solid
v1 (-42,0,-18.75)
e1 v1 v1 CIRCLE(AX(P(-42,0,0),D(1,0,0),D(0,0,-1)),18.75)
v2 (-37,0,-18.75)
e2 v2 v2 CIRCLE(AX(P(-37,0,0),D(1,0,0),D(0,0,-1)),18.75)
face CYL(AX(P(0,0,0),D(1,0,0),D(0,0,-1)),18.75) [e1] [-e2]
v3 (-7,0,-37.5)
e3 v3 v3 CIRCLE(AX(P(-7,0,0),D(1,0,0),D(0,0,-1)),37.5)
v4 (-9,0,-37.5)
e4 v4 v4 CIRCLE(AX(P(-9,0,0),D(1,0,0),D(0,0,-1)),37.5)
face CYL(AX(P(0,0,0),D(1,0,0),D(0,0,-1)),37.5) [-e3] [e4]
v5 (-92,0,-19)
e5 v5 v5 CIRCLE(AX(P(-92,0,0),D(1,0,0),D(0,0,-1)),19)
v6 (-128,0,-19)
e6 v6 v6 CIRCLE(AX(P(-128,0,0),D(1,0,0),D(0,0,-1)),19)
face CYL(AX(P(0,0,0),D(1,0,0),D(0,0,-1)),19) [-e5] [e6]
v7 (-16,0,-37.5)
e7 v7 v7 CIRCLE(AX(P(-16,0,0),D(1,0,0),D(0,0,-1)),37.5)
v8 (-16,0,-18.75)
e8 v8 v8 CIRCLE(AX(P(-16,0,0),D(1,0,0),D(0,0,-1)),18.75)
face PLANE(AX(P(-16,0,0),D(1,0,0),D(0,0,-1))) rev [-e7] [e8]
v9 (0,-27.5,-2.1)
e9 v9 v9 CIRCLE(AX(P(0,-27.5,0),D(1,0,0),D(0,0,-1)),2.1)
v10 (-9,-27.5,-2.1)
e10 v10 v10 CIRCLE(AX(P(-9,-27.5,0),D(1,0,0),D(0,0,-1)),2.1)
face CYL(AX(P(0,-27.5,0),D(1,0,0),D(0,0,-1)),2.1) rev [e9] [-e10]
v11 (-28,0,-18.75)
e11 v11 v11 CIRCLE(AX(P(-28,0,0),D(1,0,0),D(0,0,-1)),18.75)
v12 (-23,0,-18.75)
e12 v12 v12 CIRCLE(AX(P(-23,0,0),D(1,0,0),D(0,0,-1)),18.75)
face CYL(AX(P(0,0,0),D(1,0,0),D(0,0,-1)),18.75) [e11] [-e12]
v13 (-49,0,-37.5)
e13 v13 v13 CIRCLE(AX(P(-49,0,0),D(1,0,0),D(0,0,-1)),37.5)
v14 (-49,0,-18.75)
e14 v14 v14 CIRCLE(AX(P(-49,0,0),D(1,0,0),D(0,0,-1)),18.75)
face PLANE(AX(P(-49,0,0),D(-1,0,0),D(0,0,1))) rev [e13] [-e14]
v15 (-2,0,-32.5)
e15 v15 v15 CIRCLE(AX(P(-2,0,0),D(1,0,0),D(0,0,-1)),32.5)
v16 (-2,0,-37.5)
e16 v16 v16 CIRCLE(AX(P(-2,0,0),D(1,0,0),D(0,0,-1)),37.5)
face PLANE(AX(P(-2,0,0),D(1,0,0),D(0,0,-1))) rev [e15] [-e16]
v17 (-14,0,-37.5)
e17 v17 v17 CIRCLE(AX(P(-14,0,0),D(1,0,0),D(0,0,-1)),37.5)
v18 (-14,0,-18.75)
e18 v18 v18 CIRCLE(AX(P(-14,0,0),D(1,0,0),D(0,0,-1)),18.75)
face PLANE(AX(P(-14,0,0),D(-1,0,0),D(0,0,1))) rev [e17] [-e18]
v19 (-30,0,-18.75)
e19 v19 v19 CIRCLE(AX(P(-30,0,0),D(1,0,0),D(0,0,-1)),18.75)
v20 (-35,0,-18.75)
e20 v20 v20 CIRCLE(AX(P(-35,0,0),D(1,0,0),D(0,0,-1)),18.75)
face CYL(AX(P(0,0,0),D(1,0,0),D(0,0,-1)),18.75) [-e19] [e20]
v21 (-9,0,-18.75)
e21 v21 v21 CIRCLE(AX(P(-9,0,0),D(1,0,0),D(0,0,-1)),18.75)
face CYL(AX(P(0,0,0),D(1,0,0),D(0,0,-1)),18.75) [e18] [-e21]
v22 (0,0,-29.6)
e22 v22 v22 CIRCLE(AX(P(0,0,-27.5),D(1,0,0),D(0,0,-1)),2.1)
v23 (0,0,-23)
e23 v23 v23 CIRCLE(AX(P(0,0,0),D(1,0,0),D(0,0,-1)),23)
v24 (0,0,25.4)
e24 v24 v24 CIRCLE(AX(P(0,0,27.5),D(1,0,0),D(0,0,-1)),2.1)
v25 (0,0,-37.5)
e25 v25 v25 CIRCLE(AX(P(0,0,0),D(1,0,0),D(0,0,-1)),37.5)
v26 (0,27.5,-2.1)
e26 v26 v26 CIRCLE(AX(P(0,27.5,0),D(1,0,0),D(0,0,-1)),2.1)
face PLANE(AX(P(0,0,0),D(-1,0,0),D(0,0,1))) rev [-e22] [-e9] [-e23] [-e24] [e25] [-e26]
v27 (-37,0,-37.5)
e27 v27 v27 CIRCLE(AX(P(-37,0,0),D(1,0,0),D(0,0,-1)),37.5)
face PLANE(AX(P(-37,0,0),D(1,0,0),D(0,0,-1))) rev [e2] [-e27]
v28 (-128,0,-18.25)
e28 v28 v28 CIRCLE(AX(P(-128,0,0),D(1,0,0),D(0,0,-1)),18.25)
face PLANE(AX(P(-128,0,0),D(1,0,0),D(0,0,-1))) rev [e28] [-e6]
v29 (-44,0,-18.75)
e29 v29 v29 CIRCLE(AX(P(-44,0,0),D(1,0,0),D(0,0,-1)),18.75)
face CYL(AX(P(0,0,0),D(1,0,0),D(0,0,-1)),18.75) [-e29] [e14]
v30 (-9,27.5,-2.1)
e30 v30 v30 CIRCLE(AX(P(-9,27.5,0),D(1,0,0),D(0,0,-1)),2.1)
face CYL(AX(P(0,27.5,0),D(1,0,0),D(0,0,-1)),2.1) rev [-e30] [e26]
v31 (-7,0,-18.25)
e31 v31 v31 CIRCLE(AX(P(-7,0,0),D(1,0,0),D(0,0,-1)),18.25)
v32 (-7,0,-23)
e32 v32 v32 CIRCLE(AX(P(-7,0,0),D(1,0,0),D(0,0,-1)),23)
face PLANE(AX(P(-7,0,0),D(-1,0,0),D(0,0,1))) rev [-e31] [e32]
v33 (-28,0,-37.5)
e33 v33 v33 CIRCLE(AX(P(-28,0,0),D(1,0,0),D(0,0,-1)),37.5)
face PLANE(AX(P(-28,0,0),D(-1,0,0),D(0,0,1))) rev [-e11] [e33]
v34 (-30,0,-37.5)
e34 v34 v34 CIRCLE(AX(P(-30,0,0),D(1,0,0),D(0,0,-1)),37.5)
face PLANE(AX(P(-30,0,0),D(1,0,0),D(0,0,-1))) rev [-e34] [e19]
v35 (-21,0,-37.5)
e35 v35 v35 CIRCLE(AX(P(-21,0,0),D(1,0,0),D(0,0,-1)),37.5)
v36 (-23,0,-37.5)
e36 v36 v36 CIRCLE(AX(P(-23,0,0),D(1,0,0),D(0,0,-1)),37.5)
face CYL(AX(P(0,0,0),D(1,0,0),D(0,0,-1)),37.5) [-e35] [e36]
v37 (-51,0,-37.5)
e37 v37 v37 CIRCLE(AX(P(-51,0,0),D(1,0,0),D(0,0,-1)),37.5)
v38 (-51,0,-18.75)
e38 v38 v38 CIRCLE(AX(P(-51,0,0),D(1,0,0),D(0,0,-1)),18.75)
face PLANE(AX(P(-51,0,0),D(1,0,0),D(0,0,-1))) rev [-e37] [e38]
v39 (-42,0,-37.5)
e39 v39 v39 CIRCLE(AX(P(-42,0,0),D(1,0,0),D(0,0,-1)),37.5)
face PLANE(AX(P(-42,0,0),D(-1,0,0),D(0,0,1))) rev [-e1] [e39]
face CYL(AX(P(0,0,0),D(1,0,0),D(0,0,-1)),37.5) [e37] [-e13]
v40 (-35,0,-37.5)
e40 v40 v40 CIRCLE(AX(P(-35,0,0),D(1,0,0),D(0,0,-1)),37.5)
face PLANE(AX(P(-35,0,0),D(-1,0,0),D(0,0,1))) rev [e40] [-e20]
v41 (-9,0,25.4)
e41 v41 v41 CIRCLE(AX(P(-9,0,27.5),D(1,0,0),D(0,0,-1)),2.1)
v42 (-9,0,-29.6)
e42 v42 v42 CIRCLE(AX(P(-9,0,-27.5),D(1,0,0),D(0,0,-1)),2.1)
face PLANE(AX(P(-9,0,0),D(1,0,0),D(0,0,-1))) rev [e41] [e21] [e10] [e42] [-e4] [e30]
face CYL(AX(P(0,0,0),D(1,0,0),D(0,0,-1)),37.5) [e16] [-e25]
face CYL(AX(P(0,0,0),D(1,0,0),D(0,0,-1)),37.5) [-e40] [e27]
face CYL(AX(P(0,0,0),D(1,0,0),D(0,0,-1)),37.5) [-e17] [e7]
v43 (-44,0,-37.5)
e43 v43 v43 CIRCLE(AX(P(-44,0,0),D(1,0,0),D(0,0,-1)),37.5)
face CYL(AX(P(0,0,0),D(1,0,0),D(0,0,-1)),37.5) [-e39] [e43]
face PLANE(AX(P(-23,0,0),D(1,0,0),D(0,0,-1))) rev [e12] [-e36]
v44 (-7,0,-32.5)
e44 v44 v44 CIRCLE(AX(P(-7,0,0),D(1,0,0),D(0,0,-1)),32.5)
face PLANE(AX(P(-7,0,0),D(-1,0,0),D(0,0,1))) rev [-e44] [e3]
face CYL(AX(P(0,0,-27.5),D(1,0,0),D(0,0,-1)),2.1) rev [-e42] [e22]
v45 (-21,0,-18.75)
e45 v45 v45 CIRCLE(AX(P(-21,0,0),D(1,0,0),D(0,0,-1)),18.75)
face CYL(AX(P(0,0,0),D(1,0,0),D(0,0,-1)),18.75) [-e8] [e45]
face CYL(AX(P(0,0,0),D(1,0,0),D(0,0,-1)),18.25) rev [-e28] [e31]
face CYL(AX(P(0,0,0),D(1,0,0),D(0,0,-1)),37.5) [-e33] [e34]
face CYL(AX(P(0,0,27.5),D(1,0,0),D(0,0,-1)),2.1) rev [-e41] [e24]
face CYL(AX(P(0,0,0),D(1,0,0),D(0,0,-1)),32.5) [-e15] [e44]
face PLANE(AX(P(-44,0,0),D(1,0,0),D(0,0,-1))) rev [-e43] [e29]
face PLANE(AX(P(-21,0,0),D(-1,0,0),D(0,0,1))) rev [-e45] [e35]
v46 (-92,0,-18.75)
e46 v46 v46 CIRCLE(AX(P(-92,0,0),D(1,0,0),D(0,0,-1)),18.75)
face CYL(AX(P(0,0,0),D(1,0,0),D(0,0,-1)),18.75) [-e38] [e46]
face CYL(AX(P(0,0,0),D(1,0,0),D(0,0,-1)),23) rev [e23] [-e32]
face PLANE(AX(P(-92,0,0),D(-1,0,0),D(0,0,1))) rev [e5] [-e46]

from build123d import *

# Parameters (mm, degrees)
SKETCH1_W                 = 36
SKETCH1_H                 = 0.75
M5X0_8_TAPPED_HOLE3_D     = 4.2
M5X0_8_TAPPED_HOLE3_DEPTH = 9


with BuildPart() as part:
    # Sketch1 → Revolve1 (revolve)
    with BuildSketch(Plane.XY, mode=Mode.PRIVATE) as revolve1_sk:
        with Locations((-110, 18.625)):
            Rectangle(SKETCH1_W, SKETCH1_H)
        Polygon((-92, 18.75), (-92, 18.25), (-9, 18.25), (-9, 18.75), (-14, 18.75), (-14, 37.5), (-16, 37.5), (-16, 18.75), (-21, 18.75), (-21, 37.5), (-23, 37.5), (-23, 18.75), (-28, 18.75), (-28, 37.5), (-30, 37.5), (-30, 18.75), (-35, 18.75), (-35, 37.5), (-37, 37.5), (-37, 18.75), (-42, 18.75), (-42, 37.5), (-44, 37.5), (-44, 18.75), (-49, 18.75), (-49, 37.5), (-51, 37.5), (-51, 18.75), (-56, 18.75), align=None)
        Polygon((-7, 18.25), (-9, 18.25), (-9, 37.5), (-7, 37.5), (-7, 32.5), (-2, 32.5), (-2, 37.5), (0, 37.5), (0, 23), (-7, 23), align=None)
    revolve(revolve1_sk.sketch.rotate(Axis((0, 0, 0), (-1, 0, 0)), 90), axis=Axis((0, 0, 0), (-1, 0, 0)))

    # M5x0.8 Tapped Hole3
    with Locations(Plane(origin=(0, 0, 0), x_dir=(0, 0, -1), z_dir=(1, 0, 0))):
        with Locations((0, 27.5), (-27.5, 0), (0, -27.5), (27.5, 0)):
            Hole(M5X0_8_TAPPED_HOLE3_D / 2, depth=M5X0_8_TAPPED_HOLE3_DEPTH)


solid = part.part
